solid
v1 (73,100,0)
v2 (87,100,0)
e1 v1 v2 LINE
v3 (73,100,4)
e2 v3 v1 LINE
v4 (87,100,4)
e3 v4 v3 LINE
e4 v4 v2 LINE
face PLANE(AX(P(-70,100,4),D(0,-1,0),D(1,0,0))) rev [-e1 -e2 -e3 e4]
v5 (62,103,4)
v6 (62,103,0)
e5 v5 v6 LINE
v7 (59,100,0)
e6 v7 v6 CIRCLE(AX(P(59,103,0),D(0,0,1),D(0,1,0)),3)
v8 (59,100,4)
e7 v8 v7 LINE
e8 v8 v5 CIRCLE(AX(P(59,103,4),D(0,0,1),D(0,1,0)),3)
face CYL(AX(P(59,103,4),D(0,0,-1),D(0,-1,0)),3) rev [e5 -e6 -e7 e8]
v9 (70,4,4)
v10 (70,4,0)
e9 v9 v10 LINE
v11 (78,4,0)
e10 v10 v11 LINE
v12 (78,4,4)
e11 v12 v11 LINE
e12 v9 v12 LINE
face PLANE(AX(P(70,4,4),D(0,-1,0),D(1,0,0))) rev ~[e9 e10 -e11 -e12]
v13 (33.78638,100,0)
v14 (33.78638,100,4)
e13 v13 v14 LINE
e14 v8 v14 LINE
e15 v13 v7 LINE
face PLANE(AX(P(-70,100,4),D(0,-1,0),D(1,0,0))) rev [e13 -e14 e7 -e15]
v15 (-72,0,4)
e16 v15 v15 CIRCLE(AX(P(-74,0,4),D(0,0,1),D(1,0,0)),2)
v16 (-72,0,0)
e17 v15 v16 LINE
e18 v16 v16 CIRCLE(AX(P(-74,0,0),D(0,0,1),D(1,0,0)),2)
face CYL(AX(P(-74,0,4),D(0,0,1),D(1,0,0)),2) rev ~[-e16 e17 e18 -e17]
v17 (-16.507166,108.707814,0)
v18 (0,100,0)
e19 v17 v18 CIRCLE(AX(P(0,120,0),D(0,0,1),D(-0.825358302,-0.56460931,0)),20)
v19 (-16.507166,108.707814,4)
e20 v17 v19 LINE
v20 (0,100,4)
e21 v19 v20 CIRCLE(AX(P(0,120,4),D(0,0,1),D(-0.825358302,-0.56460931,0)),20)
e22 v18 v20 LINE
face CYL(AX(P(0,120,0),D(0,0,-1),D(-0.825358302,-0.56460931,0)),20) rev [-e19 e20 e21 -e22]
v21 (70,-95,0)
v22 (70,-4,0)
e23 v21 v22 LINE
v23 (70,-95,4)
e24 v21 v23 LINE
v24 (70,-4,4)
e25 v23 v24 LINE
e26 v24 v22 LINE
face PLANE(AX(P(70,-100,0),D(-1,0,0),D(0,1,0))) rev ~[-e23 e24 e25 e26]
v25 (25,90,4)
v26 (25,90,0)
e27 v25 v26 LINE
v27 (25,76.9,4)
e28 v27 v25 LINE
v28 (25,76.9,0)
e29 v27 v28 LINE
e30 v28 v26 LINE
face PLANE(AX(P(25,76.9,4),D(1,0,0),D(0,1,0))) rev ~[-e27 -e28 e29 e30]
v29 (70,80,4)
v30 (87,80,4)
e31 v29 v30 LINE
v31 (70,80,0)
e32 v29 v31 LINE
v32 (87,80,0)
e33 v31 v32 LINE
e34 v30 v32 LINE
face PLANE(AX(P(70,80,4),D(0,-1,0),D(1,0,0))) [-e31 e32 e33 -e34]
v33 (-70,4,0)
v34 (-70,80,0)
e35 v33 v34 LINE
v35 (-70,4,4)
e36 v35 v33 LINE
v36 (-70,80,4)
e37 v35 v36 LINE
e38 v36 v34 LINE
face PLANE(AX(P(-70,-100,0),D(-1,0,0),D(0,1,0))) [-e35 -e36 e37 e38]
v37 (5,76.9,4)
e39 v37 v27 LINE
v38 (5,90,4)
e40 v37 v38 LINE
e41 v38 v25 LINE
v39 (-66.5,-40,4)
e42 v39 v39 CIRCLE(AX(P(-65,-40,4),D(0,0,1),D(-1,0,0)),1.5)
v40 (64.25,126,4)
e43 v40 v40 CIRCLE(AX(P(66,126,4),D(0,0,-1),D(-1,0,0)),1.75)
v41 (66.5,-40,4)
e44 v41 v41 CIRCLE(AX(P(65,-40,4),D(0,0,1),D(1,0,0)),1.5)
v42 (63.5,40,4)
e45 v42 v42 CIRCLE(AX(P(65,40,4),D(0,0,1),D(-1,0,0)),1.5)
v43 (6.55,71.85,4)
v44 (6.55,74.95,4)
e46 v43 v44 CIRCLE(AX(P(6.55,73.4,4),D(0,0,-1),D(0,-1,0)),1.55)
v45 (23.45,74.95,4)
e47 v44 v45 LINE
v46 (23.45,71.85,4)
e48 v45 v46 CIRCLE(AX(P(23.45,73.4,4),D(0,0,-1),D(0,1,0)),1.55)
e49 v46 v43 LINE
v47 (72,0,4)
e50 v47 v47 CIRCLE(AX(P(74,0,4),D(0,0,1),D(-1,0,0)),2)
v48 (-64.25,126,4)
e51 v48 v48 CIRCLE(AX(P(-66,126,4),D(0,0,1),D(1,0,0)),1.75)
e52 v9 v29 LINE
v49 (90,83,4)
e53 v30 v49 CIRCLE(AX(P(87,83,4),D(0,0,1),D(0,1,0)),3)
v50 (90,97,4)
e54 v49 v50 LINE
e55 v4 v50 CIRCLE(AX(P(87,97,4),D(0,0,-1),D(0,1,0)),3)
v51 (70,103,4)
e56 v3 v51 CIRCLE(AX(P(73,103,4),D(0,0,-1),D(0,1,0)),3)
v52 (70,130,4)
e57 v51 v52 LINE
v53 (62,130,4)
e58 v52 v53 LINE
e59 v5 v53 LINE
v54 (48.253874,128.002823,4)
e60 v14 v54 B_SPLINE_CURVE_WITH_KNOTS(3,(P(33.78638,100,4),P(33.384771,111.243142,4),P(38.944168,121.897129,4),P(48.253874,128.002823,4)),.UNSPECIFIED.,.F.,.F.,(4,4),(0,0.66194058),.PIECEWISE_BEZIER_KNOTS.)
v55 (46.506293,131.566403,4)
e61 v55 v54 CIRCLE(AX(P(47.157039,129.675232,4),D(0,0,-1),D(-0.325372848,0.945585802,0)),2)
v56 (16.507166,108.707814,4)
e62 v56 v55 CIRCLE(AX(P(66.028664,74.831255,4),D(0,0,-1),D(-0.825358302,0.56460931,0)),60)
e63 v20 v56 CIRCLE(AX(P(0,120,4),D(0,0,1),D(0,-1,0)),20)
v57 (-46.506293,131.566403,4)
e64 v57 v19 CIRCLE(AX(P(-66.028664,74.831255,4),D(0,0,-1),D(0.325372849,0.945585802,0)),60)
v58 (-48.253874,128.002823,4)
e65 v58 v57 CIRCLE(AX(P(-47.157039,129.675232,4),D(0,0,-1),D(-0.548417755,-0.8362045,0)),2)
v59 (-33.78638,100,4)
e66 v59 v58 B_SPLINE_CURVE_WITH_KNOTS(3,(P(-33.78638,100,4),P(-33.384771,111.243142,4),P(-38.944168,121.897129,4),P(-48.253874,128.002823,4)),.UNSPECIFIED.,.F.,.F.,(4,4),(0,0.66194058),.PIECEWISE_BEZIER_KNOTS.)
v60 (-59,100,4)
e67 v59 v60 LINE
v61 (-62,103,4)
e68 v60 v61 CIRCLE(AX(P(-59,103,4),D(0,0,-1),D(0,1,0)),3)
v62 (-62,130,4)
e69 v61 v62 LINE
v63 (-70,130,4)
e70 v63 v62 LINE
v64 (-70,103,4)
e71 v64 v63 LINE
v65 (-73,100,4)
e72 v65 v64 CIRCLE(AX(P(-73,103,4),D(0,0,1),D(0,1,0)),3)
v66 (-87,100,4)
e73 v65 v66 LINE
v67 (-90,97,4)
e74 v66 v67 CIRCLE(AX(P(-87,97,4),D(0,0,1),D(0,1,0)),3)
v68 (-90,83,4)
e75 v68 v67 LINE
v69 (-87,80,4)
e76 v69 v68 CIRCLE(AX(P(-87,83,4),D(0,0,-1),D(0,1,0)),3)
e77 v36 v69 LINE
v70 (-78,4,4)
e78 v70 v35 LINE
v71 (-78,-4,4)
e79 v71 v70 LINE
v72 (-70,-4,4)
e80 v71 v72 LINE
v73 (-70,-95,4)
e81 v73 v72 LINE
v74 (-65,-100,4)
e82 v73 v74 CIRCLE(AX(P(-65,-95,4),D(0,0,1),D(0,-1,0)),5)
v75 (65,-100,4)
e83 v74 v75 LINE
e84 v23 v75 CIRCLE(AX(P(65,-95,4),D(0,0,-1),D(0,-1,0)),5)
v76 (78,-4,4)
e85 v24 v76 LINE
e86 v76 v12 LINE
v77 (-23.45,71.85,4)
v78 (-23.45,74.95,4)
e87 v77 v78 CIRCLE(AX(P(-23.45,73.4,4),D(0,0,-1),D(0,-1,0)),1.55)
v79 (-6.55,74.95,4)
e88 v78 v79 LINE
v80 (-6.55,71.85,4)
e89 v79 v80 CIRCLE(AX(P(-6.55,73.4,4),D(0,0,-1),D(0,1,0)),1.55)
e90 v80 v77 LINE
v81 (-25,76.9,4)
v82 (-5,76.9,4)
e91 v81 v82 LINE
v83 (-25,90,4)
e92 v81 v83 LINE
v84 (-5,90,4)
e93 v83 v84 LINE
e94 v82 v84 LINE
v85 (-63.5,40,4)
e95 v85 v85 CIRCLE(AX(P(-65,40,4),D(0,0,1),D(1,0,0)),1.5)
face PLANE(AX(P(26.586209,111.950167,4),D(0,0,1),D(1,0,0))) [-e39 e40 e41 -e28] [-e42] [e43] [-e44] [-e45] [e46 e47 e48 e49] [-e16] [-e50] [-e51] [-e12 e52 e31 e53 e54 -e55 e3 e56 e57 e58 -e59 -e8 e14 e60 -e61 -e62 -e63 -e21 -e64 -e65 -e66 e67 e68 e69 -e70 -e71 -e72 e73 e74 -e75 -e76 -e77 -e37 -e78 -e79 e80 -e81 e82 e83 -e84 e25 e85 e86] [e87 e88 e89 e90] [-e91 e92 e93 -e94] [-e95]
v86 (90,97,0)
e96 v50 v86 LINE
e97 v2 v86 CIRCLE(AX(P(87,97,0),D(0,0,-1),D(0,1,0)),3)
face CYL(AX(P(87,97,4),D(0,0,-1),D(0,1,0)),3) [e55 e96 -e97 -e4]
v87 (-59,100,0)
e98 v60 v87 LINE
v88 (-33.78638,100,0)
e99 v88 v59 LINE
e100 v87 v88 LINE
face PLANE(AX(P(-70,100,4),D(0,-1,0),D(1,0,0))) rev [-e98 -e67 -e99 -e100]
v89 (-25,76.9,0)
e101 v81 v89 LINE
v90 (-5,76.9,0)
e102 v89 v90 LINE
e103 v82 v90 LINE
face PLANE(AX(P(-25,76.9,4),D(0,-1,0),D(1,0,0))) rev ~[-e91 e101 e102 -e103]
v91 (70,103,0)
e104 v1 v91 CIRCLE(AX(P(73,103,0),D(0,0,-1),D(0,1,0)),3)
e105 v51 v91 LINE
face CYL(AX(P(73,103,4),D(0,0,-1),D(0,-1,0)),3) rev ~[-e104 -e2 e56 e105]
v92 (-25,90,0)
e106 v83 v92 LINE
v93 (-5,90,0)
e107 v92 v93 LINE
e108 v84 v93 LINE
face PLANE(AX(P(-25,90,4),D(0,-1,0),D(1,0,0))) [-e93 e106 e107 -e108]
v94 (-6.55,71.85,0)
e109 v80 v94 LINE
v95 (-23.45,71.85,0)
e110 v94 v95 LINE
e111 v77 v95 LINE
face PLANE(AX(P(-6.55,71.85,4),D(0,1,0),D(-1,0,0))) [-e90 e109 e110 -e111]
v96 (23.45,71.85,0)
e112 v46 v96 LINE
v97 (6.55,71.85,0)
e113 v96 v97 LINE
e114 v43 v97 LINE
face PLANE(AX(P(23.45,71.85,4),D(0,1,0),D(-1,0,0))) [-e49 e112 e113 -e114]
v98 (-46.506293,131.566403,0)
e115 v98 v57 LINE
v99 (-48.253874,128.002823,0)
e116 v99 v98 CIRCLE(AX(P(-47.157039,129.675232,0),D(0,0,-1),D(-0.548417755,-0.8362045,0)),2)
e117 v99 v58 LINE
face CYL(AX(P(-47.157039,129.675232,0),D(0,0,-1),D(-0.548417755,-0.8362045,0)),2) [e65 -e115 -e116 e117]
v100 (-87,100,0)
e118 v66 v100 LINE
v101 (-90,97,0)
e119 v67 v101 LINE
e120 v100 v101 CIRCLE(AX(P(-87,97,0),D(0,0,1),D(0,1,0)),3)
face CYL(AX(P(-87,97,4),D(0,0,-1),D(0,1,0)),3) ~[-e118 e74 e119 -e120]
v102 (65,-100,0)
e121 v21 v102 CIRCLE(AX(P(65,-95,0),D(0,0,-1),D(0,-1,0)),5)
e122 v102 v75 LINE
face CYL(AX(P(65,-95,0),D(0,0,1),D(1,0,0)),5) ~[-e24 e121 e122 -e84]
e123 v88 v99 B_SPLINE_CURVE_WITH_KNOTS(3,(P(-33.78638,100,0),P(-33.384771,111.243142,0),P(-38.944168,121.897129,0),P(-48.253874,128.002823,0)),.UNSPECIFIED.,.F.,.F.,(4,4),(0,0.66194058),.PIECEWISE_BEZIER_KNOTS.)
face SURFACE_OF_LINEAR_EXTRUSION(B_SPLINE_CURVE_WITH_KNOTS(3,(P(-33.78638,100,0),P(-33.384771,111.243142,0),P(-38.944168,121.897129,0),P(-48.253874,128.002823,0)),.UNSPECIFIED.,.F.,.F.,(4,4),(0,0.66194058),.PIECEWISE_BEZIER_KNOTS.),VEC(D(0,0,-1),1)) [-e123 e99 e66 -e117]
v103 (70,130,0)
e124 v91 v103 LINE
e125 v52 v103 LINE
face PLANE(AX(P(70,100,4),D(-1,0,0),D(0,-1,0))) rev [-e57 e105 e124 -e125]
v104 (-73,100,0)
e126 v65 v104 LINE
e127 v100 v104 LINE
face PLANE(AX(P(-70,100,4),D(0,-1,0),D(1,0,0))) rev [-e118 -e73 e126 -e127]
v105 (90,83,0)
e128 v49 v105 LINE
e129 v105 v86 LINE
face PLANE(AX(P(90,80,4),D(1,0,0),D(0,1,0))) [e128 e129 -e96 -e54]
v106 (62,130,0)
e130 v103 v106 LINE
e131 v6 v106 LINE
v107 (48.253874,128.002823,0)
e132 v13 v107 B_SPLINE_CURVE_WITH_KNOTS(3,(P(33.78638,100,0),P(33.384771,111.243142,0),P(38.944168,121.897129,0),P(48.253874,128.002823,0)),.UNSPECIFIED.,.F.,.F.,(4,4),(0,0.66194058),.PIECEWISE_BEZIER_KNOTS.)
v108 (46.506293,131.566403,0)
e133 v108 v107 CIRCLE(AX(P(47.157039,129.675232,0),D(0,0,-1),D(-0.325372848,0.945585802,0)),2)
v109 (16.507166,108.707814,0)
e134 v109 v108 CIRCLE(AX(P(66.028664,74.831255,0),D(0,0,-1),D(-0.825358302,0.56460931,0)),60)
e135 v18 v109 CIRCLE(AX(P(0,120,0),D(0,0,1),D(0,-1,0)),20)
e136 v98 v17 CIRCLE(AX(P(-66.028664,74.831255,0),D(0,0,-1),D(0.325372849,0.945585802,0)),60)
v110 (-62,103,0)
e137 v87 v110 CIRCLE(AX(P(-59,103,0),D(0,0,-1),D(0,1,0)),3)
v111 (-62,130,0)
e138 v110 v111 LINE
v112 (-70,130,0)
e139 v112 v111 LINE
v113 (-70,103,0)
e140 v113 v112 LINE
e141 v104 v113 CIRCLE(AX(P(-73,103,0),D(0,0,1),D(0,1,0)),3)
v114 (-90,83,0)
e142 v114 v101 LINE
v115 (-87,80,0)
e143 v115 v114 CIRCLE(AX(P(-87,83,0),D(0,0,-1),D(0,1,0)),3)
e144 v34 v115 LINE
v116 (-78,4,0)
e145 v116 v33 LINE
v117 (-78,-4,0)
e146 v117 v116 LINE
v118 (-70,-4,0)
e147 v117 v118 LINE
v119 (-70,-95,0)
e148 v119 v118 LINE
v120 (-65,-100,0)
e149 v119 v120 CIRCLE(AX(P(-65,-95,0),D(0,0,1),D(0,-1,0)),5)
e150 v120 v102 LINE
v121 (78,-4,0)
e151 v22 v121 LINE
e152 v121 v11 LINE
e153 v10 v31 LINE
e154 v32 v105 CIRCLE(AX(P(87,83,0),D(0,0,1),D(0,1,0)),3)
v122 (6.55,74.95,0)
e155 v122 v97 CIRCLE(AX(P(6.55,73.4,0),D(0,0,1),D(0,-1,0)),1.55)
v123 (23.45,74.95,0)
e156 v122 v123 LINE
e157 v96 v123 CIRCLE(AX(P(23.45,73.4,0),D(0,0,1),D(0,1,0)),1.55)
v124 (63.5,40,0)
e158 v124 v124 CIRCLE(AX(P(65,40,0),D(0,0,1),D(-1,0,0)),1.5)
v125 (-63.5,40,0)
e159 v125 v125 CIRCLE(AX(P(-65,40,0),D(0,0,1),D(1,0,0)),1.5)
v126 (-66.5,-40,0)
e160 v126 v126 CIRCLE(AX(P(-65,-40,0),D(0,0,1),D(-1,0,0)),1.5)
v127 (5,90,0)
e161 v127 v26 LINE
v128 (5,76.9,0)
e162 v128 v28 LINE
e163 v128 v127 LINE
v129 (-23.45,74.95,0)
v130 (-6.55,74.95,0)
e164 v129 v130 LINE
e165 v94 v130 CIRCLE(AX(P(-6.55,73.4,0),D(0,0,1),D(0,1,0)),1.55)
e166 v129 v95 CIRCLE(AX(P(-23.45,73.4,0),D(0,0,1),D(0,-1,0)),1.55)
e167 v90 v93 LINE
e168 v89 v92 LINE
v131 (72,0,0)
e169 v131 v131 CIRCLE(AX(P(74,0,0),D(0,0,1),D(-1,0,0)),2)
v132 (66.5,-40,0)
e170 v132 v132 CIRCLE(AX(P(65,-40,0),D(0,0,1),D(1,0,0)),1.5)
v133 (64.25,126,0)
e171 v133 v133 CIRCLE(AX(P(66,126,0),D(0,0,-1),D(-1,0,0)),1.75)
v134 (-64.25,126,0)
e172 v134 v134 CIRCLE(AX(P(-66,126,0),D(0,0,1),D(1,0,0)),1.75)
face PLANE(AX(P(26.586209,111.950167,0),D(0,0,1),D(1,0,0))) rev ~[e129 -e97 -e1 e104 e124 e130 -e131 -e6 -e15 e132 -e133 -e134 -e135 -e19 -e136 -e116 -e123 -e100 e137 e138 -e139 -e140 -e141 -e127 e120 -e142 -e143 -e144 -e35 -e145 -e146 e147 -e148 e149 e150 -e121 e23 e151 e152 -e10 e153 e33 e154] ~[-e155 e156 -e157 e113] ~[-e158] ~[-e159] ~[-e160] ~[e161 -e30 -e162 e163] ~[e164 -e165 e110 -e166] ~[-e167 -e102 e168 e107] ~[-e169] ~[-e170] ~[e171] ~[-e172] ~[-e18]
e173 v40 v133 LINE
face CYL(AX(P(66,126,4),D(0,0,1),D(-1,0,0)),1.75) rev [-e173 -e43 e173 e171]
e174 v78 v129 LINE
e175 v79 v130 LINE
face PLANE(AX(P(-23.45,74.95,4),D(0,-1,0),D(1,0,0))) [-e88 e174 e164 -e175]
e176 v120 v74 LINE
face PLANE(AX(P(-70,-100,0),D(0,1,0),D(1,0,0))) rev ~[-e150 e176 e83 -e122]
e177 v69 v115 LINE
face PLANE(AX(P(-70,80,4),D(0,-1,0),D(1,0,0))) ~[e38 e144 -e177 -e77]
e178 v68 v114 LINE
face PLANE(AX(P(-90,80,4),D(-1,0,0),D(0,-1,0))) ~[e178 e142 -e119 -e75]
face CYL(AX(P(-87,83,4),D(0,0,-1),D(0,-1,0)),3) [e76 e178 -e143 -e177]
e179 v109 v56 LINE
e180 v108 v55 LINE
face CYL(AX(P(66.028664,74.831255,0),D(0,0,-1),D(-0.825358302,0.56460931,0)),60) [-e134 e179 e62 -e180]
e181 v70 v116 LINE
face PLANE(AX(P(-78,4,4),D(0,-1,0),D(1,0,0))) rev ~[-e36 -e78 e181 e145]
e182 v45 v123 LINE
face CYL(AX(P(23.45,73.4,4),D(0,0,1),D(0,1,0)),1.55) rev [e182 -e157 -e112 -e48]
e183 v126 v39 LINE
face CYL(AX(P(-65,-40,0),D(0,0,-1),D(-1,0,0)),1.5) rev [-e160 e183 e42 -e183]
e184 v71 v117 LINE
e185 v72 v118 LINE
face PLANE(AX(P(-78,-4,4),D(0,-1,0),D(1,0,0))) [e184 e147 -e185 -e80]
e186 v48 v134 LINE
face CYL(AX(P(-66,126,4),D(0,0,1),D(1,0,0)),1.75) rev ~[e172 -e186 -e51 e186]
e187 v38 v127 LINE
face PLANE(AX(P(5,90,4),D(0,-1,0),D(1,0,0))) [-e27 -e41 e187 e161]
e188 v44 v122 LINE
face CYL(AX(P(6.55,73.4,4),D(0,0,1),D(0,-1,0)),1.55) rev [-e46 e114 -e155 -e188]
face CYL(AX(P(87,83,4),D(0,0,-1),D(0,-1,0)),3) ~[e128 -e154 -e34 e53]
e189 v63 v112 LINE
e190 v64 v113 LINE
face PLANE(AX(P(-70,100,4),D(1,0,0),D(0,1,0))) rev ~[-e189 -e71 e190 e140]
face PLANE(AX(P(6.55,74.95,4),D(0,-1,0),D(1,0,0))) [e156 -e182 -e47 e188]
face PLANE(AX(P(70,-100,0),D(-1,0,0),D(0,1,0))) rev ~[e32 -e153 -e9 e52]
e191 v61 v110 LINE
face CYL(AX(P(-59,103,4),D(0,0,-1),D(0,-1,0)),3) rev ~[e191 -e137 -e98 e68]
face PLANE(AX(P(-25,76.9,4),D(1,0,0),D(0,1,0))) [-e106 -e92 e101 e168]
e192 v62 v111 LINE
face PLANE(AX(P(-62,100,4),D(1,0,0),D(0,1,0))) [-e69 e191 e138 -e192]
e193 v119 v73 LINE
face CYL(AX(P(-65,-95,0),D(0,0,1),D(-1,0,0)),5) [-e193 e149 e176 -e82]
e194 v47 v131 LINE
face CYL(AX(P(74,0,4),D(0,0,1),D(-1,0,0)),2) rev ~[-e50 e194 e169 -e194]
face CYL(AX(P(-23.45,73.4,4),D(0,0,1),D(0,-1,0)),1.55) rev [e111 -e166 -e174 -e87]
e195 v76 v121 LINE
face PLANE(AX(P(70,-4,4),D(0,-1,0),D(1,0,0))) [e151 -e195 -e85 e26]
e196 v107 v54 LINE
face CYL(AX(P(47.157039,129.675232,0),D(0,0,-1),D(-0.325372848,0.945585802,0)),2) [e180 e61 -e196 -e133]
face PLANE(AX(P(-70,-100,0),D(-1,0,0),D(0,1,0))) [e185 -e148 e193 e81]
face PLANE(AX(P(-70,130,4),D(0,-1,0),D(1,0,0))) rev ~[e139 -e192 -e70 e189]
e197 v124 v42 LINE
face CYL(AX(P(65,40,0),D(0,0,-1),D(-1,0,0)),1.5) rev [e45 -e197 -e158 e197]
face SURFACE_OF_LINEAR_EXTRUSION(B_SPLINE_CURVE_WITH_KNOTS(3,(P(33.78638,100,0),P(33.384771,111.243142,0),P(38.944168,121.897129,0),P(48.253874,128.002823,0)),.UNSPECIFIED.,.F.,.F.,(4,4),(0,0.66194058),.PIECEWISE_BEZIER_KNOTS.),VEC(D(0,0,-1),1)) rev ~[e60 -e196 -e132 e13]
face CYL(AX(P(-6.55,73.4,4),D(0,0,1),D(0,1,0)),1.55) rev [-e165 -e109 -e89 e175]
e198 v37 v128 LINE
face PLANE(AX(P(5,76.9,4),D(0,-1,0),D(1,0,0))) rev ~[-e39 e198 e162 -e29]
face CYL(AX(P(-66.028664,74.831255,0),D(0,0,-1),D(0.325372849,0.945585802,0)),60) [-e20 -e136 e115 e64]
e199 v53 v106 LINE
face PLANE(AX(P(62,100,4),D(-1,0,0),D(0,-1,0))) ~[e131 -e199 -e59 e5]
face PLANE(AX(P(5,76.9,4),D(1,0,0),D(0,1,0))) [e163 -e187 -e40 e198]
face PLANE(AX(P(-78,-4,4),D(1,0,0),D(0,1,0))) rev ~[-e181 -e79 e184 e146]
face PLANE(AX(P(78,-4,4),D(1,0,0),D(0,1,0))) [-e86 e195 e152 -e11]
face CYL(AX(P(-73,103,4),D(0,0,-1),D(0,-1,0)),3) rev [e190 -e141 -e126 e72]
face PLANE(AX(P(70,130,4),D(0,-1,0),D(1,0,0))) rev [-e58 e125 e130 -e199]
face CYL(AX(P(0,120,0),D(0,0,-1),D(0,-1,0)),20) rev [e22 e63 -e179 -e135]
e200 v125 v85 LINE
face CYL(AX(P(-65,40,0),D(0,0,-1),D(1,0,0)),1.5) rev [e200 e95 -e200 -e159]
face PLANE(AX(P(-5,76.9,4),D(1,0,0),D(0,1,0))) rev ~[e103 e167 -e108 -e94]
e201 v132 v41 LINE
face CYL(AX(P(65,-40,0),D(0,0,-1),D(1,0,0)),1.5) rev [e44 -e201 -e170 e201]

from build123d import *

# Parameters (mm, degrees)
SKETCH_1_W             = 140
SKETCH_1_H             = 200
SKETCH_1_R             = 1.5
EXTRUDE_1_DEPTH        = 4
SKETCH_2_W             = 20
SKETCH_2_H             = 20
EXTRUDE_2_DEPTH        = 4
FILLET_1_R             = 3
FILLET_1_OF_MIRROR_1_R = 3
SKETCH_3_W             = 8
SKETCH_3_H             = 30
SKETCH_3_R             = 1.75
EXTRUDE_3_DEPTH        = 4
FILLET_2_R             = 3
FILLET_2_OF_MIRROR_2_R = 3
FILLET_3_R             = 5
EXTRUDE_4_DEPTH        = 4
SKETCH_5_W             = 8
SKETCH_5_H             = 8
SKETCH_5_R             = 2
EXTRUDE_5_DEPTH        = 4
SKETCH_6_W             = 20
SKETCH_6_H             = 13.1
CUT_EXTRUDE_1_DEPTH    = 10


with BuildPart() as part:
    # 草图1 → 凸台-拉伸1 (new body)
    with BuildSketch(Plane.XY):
        Rectangle(SKETCH_1_W, SKETCH_1_H)
        with Locations((-65, 40)):
            Circle(SKETCH_1_R, mode=Mode.SUBTRACT)
        with Locations(Location((-65, -40, 0), (0, 0, 180))):
            Circle(SKETCH_1_R, mode=Mode.SUBTRACT)
        with Locations((65, -40)):
            Circle(SKETCH_1_R, mode=Mode.SUBTRACT)
        with Locations(Location((65, 40, 0), (0, 0, 180))):
            Circle(SKETCH_1_R, mode=Mode.SUBTRACT)
    extrude(amount=EXTRUDE_1_DEPTH)

    # 草图2 → 凸台-拉伸2 (add)
    with BuildSketch(Plane.XY.offset(4)):
        with Locations((80, 90)):
            Rectangle(SKETCH_2_W, SKETCH_2_H)
    extrude_2 = extrude(amount=-EXTRUDE_2_DEPTH)

    # 圆角1
    fillet_1_edges = [part.edges().sort_by_distance(p)[0] for p in [
        (90, 100, 2),
        (90, 80, 2),
    ]]
    fillet(fillet_1_edges, radius=FILLET_1_R)

    # 镜向1: 凸台-拉伸2 across plane
    add(extrude_2.mirror(Plane(origin=(0, 0, 0), x_dir=(0, 0, 1), z_dir=(1, 0, 0))))

    # 圆角1 of 镜向1
    fillet_1_of_mirror_1_edges = [part.edges().sort_by_distance(p)[0] for p in [
        (-90, 100, 2),
        (-90, 80, 2),
    ]]
    fillet(fillet_1_of_mirror_1_edges, radius=FILLET_1_OF_MIRROR_1_R)

    # 草图3 → 凸台-拉伸3 (add)
    with BuildSketch(Plane.XY.offset(4)):
        with Locations((-66, 115)):
            Rectangle(SKETCH_3_W, SKETCH_3_H)
        with Locations((-66, 126)):
            Circle(SKETCH_3_R, mode=Mode.SUBTRACT)
    extrude_3 = extrude(amount=-EXTRUDE_3_DEPTH)

    # 圆角2
    fillet_2_edges = [part.edges().sort_by_distance(p)[0] for p in [
        (-70, 100, 2),
        (-62, 100, 2),
    ]]
    fillet(fillet_2_edges, radius=FILLET_2_R)

    # 镜向2: 凸台-拉伸3 across plane
    add(extrude_3.mirror(Plane(origin=(0, 0, 0), x_dir=(0, 0, 1), z_dir=(1, 0, 0))))

    # 圆角2 of 镜向2
    fillet_2_of_mirror_2_edges = [part.edges().sort_by_distance(p)[0] for p in [
        (70, 100, 2),
        (62, 100, 2),
    ]]
    fillet(fillet_2_of_mirror_2_edges, radius=FILLET_2_OF_MIRROR_2_R)

    # 圆角3
    fillet_3_edges = [part.edges().sort_by_distance(p)[0] for p in [
        (-70, -100, 2),
        (70, -100, 2),
    ]]
    fillet(fillet_3_edges, radius=FILLET_3_R)

    # 草图4 → 凸台-拉伸4 (add)
    with BuildSketch(Plane(origin=(0, 0, 0), x_dir=(-1, 0, 0), z_dir=(0, 0, -1))):
        with BuildLine():
            add(Edge.make_bspline(
                [(-33.786379938, 100), (-33.384771108, 111.24314249), (-38.944167614, 121.897129031), (-48.25387443, 128.002822688)],
                knots=[0, 0, 0, 0, 0.66194058, 0.66194058, 0.66194058, 0.66194058], degree=3))
            Line((-33.786379938, 100), (0, 100))
            ThreePointArc((0, 100), (-9.331566745, 102.310402433), (-16.507166038, 108.707813791))
            ThreePointArc((-16.507166038, 108.707813791), (-29.663945789, 122.555538901), (-46.506293223, 131.566403293))
            ThreePointArc((-46.506293223, 131.566403293), (-48.952735362, 130.555841868), (-48.25387443, 128.002822688))
        make_face()
        with BuildLine():
            ThreePointArc((16.507166038, 108.707813791), (9.331566745, 102.310402433), (0, 100))
            Line((0, 100), (33.786379938, 100))
            add(Edge.make_bspline(
                [(33.786379938, 100), (33.384771108, 111.24314249), (38.944167614, 121.897129031), (48.25387443, 128.002822688)],
                knots=[0, 0, 0, 0, 0.66194058, 0.66194058, 0.66194058, 0.66194058], degree=3))
            ThreePointArc((48.25387443, 128.002822688), (48.952735362, 130.555841868), (46.506293223, 131.566403293))
            ThreePointArc((46.506293223, 131.566403293), (29.663945789, 122.555538901), (16.507166038, 108.707813791))
        make_face()
    extrude(amount=-EXTRUDE_4_DEPTH)

    # 草图5 → 凸台-拉伸5 (add)
    # profile 1 of 2: a face of its own
    with BuildSketch(Plane.XY.offset(4)):
        with Locations((-74, 0)):
            Rectangle(SKETCH_5_W, SKETCH_5_H)
        with Locations((-74, 0)):
            Circle(SKETCH_5_R, mode=Mode.SUBTRACT)
    # profile 2 of 2: a face of its own
    with BuildSketch(Plane.XY.offset(4)):
        with Locations((74, 0)):
            Rectangle(SKETCH_5_W, SKETCH_5_H)
        with Locations(Location((74, 0, 0), (0, 0, 180))):
            Circle(SKETCH_5_R, mode=Mode.SUBTRACT)
    extrude(amount=-EXTRUDE_5_DEPTH)

    # 草图6 → 切除-拉伸1 (cut)
    with BuildSketch(Plane.XY.offset(4)):
        with Locations((-15, 83.45)):
            Rectangle(SKETCH_6_W, SKETCH_6_H)
        with Locations((15, 83.45)):
            Rectangle(SKETCH_6_W, SKETCH_6_H)
        with BuildLine():
            Line((-23.45, 74.95), (-6.55, 74.95))
            ThreePointArc((-6.55, 74.95), (-5, 73.4), (-6.55, 71.85))
            Line((-6.55, 71.85), (-23.45, 71.85))
            ThreePointArc((-23.45, 71.85), (-25, 73.4), (-23.45, 74.95))
        make_face()
        with BuildLine():
            Line((23.45, 71.85), (6.55, 71.85))
            ThreePointArc((6.55, 71.85), (5, 73.4), (6.55, 74.95))
            Line((6.55, 74.95), (23.45, 74.95))
            ThreePointArc((23.45, 74.95), (25, 73.4), (23.45, 71.85))
        make_face()
    extrude(amount=-CUT_EXTRUDE_1_DEPTH, mode=Mode.SUBTRACT)


solid = part.part
